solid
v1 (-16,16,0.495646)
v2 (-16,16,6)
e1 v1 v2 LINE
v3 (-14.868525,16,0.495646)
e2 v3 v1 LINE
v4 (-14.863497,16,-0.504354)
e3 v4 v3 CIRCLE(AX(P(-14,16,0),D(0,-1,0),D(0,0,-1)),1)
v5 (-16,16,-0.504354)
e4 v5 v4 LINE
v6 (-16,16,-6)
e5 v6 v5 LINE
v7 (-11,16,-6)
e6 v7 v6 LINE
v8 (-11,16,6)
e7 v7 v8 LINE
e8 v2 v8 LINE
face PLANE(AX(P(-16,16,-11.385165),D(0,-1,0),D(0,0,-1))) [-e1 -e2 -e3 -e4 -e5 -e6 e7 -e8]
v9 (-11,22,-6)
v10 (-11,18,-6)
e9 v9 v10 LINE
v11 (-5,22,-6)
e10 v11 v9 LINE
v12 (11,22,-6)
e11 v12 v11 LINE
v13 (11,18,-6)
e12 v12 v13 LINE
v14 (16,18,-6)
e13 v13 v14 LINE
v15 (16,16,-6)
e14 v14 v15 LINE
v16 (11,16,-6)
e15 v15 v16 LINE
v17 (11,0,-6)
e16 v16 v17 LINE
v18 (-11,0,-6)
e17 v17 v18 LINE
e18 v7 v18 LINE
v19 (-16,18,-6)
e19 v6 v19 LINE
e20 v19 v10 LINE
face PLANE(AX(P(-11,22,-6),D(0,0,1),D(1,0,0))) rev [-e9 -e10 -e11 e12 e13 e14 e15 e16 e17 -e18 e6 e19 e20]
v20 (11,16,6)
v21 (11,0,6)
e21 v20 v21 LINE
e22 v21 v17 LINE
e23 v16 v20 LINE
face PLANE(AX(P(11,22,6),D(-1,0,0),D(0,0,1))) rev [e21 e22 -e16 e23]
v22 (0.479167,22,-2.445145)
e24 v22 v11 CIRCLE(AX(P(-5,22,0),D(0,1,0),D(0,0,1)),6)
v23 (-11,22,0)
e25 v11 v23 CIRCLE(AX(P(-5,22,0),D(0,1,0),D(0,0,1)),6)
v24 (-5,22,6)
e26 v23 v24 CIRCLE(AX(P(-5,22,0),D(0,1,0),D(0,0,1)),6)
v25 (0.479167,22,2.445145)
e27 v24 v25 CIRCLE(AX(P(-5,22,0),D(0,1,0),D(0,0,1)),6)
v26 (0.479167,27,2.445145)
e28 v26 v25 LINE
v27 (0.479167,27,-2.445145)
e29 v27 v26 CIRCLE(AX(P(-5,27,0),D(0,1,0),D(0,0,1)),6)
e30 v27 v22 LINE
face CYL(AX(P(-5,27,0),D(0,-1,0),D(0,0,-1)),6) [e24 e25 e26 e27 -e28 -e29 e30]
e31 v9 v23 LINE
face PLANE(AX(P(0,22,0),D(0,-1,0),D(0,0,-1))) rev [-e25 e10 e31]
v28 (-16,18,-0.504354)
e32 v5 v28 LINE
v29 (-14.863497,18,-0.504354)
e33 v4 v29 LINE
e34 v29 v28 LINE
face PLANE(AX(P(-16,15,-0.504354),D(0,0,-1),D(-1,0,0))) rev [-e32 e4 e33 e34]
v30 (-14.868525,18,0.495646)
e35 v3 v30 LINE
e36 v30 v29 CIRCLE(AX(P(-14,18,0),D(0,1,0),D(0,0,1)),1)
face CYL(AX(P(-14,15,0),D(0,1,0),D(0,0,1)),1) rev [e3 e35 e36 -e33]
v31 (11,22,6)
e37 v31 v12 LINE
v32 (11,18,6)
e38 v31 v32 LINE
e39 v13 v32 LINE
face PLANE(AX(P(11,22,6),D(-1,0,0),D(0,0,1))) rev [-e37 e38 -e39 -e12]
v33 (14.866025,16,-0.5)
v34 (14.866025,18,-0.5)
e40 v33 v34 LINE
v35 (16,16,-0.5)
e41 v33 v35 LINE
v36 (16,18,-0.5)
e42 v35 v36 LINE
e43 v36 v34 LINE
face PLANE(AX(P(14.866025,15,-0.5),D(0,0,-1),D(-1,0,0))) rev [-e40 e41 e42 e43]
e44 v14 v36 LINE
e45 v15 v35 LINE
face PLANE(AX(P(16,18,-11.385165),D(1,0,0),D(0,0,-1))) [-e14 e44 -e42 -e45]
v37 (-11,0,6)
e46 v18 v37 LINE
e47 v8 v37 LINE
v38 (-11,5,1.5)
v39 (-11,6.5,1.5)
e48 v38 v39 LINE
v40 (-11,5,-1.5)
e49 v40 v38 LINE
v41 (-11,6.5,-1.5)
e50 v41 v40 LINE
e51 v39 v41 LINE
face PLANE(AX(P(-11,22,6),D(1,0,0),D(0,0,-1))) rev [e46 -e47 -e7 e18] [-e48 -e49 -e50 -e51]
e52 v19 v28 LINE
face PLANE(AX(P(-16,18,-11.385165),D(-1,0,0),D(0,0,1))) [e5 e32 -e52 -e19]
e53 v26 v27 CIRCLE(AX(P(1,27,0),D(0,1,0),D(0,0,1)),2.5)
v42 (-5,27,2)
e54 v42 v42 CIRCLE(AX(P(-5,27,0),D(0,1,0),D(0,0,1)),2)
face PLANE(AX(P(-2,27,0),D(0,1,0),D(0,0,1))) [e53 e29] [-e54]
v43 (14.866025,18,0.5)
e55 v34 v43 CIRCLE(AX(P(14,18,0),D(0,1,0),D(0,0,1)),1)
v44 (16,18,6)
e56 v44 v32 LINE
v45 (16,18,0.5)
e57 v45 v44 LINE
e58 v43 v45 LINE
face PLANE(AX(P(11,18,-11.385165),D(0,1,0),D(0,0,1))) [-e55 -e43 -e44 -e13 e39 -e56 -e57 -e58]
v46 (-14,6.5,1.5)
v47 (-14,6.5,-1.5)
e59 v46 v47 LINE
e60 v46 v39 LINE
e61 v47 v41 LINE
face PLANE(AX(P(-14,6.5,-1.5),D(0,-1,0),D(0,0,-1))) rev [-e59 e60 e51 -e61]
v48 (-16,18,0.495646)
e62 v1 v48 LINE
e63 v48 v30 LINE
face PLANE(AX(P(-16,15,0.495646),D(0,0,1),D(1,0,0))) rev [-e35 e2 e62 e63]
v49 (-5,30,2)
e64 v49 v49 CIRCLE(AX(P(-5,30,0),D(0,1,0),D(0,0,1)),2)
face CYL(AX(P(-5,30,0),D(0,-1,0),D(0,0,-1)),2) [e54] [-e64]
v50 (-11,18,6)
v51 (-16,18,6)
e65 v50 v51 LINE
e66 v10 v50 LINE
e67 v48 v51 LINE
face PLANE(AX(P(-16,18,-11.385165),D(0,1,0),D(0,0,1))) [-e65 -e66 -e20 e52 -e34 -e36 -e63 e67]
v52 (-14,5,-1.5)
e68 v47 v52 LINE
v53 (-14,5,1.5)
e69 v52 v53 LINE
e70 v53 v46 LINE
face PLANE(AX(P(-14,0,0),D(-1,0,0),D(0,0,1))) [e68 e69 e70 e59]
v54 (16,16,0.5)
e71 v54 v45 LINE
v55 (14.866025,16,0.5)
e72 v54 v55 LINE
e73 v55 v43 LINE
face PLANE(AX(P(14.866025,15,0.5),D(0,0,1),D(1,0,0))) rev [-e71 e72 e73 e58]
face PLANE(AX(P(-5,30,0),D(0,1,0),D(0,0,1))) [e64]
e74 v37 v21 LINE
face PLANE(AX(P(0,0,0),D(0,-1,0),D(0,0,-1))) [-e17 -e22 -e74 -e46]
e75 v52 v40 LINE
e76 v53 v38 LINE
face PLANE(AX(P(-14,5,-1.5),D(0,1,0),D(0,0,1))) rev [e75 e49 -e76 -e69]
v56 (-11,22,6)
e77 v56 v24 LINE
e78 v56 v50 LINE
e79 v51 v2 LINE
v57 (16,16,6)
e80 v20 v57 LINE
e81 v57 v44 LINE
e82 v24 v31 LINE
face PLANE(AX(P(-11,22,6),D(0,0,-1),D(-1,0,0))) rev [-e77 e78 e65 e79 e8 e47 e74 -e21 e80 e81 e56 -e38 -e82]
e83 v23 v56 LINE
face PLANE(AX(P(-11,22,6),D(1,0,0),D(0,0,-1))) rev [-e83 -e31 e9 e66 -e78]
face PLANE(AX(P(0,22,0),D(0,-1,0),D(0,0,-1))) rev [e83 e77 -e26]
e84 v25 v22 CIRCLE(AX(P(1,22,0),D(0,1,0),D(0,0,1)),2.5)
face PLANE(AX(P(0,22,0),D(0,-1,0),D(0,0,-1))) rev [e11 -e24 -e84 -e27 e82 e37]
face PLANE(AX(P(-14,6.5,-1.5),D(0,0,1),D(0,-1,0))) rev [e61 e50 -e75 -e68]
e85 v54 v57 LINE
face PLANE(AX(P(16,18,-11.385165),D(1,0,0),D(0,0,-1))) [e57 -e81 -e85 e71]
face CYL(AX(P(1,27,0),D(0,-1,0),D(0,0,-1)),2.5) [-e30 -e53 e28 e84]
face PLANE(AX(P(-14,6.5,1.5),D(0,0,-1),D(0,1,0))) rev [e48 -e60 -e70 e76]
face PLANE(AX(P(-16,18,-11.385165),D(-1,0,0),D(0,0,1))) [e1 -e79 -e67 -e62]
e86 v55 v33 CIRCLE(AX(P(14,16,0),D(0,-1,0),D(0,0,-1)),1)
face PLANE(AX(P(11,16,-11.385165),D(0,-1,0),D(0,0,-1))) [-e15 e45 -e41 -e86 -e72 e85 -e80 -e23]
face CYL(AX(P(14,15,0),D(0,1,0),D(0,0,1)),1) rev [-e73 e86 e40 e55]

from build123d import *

# Parameters (mm, degrees)
SKETCH_1_W          = 22
SKETCH_1_H          = 12
EXTRUDE_1_DEPTH     = 22
EXTRUDE_2_DEPTH     = 5
SKETCH_4_R          = 2
EXTRUDE_3_DEPTH     = 3
SKETCH_5_W          = 5
SKETCH_5_H          = 2
EXTRUDE_4_DEPTH     = 12
SKETCH_6_W          = 3
SKETCH_6_H          = 1.5
EXTRUDE_5_DEPTH     = 3
CUT_EXTRUDE_1_DEPTH = 3


with BuildPart() as part:
    # 草图1 → 凸台-拉伸1 (new body)
    with BuildSketch(Plane(origin=(0, 0, 0), x_dir=(1, 0, 0), z_dir=(0, 1, 0))):
        Rectangle(SKETCH_1_W, SKETCH_1_H)
    extrude(amount=EXTRUDE_1_DEPTH)

    # 草图3 → 凸台-拉伸2 (add)
    with BuildSketch(Plane(origin=(0, 22, 0), x_dir=(1, 0, 0), z_dir=(0, 1, 0))):
        with BuildLine():
            ThreePointArc((0.479166667, 2.445144707), (-11, 0), (0.479166667, -2.445144707))
            ThreePointArc((0.479166667, -2.445144707), (3.5, 0), (0.479166667, 2.445144707))
        make_face()
    extrude(amount=EXTRUDE_2_DEPTH)

    # 草图4 → 凸台-拉伸3 (add)
    with BuildSketch(Plane(origin=(0, 27, 0), x_dir=(1, 0, 0), z_dir=(0, 1, 0))):
        with Locations((-5, 0)):
            Circle(SKETCH_4_R)
    extrude(amount=EXTRUDE_3_DEPTH)

    # 草图5 → 凸台-拉伸4 (add)
    with BuildSketch(Plane.XY.offset(6)):
        with Locations((-13.5, 17)):
            Rectangle(SKETCH_5_W, SKETCH_5_H)
        with Locations((13.5, 17)):
            Rectangle(SKETCH_5_W, SKETCH_5_H)
    extrude(amount=-EXTRUDE_4_DEPTH)

    # 草图6 → 凸台-拉伸5 (add)
    with BuildSketch(Plane.ZY.offset(11)):
        with Locations((0, 5.75)):
            Rectangle(SKETCH_6_W, SKETCH_6_H)
    extrude(amount=EXTRUDE_5_DEPTH)

    # 草图7 → 切除-拉伸1 (cut)
    with BuildSketch(Plane(origin=(0, 18, 0), x_dir=(1, 0, 0), z_dir=(0, 1, 0))):
        with BuildLine():
            Line((-16, -0.495646194), (-14.868524525, -0.495646194))
            ThreePointArc((-14.868524525, -0.495646194), (-13.000012637, -0.005027364), (-14.863497098, 0.504353806))
            Line((-14.863497098, 0.504353806), (-16, 0.504353806))
            Line((-16, 0.504353806), (-16, -0.495646194))
        make_face()
        with BuildLine():
            Line((14.866025404, -0.5), (16, -0.5))
            Line((16, -0.5), (16, 0.5))
            Line((16, 0.5), (14.866025404, 0.5))
            ThreePointArc((14.866025404, 0.5), (13, 0), (14.866025404, -0.5))
        make_face()
    extrude(amount=-CUT_EXTRUDE_1_DEPTH, mode=Mode.SUBTRACT)


solid = part.part
